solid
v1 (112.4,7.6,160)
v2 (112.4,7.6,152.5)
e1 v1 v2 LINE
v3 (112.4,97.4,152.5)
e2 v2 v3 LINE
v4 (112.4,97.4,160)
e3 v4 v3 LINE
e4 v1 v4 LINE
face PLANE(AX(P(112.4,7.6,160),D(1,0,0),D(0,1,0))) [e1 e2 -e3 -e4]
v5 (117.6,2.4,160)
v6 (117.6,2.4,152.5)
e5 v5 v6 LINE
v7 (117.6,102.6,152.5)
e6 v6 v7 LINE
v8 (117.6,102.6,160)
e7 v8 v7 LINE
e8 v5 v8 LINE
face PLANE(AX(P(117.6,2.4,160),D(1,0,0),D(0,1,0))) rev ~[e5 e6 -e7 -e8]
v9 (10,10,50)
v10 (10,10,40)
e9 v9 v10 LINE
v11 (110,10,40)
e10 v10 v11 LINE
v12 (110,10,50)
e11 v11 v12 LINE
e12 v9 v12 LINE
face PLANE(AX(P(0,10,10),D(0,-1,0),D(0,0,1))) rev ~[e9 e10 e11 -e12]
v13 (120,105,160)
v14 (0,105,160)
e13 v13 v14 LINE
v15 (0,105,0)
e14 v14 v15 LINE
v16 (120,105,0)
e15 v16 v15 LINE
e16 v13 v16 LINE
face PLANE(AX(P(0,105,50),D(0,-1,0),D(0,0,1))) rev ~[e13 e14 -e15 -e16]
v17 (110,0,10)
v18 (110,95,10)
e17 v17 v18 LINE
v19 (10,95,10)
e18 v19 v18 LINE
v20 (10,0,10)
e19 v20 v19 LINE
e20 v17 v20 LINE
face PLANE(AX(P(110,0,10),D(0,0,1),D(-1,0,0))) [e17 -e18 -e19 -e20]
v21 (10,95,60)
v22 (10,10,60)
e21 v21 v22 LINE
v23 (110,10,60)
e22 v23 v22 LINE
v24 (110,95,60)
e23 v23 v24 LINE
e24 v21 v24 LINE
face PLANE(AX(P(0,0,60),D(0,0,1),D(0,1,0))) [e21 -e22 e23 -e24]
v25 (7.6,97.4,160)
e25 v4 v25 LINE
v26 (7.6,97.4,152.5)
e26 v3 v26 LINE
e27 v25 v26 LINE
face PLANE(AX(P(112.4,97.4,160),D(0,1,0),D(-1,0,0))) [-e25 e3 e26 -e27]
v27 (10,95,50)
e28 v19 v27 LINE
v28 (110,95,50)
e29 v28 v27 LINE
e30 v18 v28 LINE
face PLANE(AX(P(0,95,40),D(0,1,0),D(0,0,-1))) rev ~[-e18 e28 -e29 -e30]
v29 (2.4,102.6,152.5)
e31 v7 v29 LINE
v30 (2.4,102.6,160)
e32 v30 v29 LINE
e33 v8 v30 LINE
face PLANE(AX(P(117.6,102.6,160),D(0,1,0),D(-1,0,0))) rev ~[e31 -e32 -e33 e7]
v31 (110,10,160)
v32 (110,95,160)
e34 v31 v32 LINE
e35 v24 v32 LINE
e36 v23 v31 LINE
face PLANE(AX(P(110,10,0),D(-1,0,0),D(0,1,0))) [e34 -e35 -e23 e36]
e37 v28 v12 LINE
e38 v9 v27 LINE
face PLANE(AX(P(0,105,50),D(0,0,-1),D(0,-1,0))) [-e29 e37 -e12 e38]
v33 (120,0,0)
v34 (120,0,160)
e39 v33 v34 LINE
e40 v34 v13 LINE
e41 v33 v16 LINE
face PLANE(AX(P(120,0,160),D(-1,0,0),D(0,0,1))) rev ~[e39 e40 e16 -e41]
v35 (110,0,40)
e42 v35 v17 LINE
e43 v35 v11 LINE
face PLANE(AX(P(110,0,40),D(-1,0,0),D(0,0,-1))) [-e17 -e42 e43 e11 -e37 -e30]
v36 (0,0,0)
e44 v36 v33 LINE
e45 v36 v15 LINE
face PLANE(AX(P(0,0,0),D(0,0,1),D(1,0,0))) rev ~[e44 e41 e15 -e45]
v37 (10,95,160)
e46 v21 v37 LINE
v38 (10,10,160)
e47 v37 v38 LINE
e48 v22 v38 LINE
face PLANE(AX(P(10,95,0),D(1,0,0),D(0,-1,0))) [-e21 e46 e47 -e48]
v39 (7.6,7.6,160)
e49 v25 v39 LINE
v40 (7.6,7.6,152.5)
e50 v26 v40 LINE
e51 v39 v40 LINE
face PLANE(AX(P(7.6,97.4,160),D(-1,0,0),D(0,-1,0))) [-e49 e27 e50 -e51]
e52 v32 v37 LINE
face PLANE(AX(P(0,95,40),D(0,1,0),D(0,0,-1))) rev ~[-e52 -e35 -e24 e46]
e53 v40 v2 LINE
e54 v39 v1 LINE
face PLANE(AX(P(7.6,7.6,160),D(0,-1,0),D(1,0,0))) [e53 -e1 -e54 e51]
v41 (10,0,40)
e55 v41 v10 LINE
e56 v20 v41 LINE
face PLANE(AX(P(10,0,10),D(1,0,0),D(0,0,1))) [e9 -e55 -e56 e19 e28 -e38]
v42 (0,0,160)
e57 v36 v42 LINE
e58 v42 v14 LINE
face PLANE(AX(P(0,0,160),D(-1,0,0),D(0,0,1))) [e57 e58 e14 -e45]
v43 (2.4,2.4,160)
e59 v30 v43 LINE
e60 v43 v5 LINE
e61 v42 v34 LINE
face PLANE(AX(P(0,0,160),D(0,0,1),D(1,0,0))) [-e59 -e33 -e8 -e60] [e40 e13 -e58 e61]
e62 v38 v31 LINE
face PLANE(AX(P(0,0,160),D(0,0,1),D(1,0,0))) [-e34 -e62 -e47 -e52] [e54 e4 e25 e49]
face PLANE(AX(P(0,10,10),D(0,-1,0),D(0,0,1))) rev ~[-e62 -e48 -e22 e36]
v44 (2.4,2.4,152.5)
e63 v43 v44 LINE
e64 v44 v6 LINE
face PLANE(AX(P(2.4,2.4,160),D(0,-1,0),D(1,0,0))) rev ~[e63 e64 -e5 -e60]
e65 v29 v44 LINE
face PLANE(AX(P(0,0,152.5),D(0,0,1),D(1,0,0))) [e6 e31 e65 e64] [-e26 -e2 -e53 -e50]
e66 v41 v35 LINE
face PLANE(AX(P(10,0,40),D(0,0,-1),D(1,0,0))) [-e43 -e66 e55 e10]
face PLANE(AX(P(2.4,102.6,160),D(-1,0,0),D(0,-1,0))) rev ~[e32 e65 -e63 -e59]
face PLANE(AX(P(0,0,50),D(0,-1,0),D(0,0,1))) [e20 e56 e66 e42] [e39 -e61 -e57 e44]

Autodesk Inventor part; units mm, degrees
ref_plane "YZ Plane" through (0, 0, 0) normal (1, 0, 0) x (0, 1, 0)
ref_plane "XZ Plane" through (0, 0, 0) normal (0, 1, 0) x (-1, 0, 0)
ref_plane "XY Plane" through (0, 0, 0) normal (0, 0, 1) x (1, 0, 0)
sketch "Skizze1" plane through (0, 0, 0) normal (0, 0, 1) x (1, 0, 0)
  line L0 (-24, 0) -> (144, 0) projected
  line L1 (0, -21) -> (0, 126) projected
  line L2 (0, 0) -> (120, 0)
  line L3 (120, 0) -> (120, 105)
  line L4 (120, 105) -> (0, 105)
  line L5 (0, 105) -> (0, 0)
  line L6 (10, 10) -> (110, 10)
  line L7 (110, 10) -> (110, 95)
  line L8 (110, 95) -> (10, 95)
  line L9 (10, 95) -> (10, 10)
  dimension "d0" = 85
  dimension "d1" = 100
  dimension "d2" = 10
  dimension "d3" = 10
  dimension "d4" = 10
  dimension "d5" = 10
extrude "Extrusion1" add sketch "Skizze1" along normal blind 160
sketch "Skizze2" plane through (0, 0, 0) normal (0, 0, -1) x (-1, 0, 0)
  line L0 (-120, 0) -> (-120, 105) projected
  line L1 (-120, 105) -> (0, 105) projected
  line L2 (-120, 0) -> (0, 0)
  line L3 (0, 0) -> (0, 105)
  line L4 (0, 105) -> (-120, 105)
  line L5 (-120, 105) -> (-120, 0)
  point P0 (0, 0)
extrude "Extrusion2" add sketch "Skizze2" against normal blind 10
sketch "Skizze3" plane through (0, 0, 160) normal (-1, 0, 0) x (0, 0, 1)
  line L0 (-120, 95) -> (-150, 95)
  line L1 (-150, 95) -> (-150, 10)
  line L2 (-150, 10) -> (-120, 10)
  line L3 (-120, 10) -> (-120, 95)
  line L4 (-160, 105) -> (-160, 0) projected
  line L5 (-160, 0) -> (0, 0) projected
  line L6 (-160, 105) -> (0, 105) projected
  dimension "d10" = 10
  dimension "d11" = 10
  dimension "d12" = 10
  dimension "d13" = 30
extrude "Extrusion3" cut sketch "Skizze3" against normal blind 10
sketch "Skizze4" plane through (0, 0, 160) normal (-1, 0, 0) x (0, 0, 1)
  line L0 (-160, 105) -> (0, 105) projected
  line L1 (-160, 0) -> (0, 0) projected
  line L2 (-100, 105) -> (-110, 105)
  line L3 (-110, 105) -> (-110, 0)
  line L4 (-110, 0) -> (-100, 0)
  line L5 (-100, 0) -> (-100, 105)
  line L6 (-120, 95) -> (-120, 10) projected
  dimension "d16" = 10
  dimension "d17" = 10
extrude "Extrusion4" add sketch "Skizze4" against normal blind 120
sketch "Skizze5" plane through (0, 0, 160) normal (0, 0, 1) x (1, 0, 0)
  line L0 (117.6, 102.6) -> (2.4, 102.6)
  line L1 (2.4, 102.6) -> (2.4, 2.4)
  line L2 (2.4, 2.4) -> (117.6, 2.4)
  line L3 (117.6, 2.4) -> (117.6, 102.6)
  line L4 (112.4, 97.4) -> (7.6, 97.4)
  line L5 (7.6, 97.4) -> (7.6, 7.6)
  line L6 (7.6, 7.6) -> (112.4, 7.6)
  line L7 (112.4, 7.6) -> (112.4, 97.4)
  line L8 (120, 0) -> (120, 105) projected
  line L9 (0, 0) -> (120, 0) projected
  line L10 (110, 95) -> (110, 10) projected
  line L11 (110, 10) -> (10, 10) projected
  line L12 (120, 105) -> (0, 105) projected
  line L13 (10, 95) -> (110, 95) projected
  line L14 (10, 10) -> (10, 95) projected
  line L15 (0, 105) -> (0, 0) projected
  dimension "d20" = 2.4
  dimension "d21" = 2.4
  dimension "d22" = 2.4
  dimension "d23" = 2.4
  dimension "d24" = 2.4
  dimension "d25" = 2.4
  dimension "d26" = 2.4
  dimension "d27" = 2.4
extrude "Extrusion5" cut sketch "Skizze5" against normal blind 7.5 contours L3 L2 L1 L0
sketch "Skizze6" plane through (0, 0, 160) normal (-1, 0, 0) x (0, 0, 1)
  line L0 (-120, 10) -> (-120, 95) projected
  line L1 (-150, 95) -> (-150, 10) projected
  line L2 (-120, 95) -> (-150, 95)
  line L3 (-150, 95) -> (-150, 10)
  line L4 (-150, 10) -> (-120, 10)
  line L5 (-120, 10) -> (-120, 95)
  point P0 (-160, 0)
extrude "Extrusion6" add sketch "Skizze6" against normal blind 10
sketch "Skizze7" plane through (0, 0, 160) normal (0, -1, 0) x (1, 0, 0)
  line L0 (10, -120) -> (110, -120)
  line L1 (110, -120) -> (110, -150)
  line L2 (110, -150) -> (10, -150)
  line L3 (10, -150) -> (10, -120)
  line L4 (0, -160) -> (120, -160) projected
  line L5 (120, -160) -> (120, 0) projected
  line L6 (0, -160) -> (0, 0) projected
  dimension "d32" = 10
  dimension "d33" = 10
  dimension "d34" = 10
  dimension "d35" = 30
extrude "Extrusion7" cut sketch "Skizze7" against normal blind 10
properties part number "Eierkocher_final" material "Acetalharz, Schwarz"
